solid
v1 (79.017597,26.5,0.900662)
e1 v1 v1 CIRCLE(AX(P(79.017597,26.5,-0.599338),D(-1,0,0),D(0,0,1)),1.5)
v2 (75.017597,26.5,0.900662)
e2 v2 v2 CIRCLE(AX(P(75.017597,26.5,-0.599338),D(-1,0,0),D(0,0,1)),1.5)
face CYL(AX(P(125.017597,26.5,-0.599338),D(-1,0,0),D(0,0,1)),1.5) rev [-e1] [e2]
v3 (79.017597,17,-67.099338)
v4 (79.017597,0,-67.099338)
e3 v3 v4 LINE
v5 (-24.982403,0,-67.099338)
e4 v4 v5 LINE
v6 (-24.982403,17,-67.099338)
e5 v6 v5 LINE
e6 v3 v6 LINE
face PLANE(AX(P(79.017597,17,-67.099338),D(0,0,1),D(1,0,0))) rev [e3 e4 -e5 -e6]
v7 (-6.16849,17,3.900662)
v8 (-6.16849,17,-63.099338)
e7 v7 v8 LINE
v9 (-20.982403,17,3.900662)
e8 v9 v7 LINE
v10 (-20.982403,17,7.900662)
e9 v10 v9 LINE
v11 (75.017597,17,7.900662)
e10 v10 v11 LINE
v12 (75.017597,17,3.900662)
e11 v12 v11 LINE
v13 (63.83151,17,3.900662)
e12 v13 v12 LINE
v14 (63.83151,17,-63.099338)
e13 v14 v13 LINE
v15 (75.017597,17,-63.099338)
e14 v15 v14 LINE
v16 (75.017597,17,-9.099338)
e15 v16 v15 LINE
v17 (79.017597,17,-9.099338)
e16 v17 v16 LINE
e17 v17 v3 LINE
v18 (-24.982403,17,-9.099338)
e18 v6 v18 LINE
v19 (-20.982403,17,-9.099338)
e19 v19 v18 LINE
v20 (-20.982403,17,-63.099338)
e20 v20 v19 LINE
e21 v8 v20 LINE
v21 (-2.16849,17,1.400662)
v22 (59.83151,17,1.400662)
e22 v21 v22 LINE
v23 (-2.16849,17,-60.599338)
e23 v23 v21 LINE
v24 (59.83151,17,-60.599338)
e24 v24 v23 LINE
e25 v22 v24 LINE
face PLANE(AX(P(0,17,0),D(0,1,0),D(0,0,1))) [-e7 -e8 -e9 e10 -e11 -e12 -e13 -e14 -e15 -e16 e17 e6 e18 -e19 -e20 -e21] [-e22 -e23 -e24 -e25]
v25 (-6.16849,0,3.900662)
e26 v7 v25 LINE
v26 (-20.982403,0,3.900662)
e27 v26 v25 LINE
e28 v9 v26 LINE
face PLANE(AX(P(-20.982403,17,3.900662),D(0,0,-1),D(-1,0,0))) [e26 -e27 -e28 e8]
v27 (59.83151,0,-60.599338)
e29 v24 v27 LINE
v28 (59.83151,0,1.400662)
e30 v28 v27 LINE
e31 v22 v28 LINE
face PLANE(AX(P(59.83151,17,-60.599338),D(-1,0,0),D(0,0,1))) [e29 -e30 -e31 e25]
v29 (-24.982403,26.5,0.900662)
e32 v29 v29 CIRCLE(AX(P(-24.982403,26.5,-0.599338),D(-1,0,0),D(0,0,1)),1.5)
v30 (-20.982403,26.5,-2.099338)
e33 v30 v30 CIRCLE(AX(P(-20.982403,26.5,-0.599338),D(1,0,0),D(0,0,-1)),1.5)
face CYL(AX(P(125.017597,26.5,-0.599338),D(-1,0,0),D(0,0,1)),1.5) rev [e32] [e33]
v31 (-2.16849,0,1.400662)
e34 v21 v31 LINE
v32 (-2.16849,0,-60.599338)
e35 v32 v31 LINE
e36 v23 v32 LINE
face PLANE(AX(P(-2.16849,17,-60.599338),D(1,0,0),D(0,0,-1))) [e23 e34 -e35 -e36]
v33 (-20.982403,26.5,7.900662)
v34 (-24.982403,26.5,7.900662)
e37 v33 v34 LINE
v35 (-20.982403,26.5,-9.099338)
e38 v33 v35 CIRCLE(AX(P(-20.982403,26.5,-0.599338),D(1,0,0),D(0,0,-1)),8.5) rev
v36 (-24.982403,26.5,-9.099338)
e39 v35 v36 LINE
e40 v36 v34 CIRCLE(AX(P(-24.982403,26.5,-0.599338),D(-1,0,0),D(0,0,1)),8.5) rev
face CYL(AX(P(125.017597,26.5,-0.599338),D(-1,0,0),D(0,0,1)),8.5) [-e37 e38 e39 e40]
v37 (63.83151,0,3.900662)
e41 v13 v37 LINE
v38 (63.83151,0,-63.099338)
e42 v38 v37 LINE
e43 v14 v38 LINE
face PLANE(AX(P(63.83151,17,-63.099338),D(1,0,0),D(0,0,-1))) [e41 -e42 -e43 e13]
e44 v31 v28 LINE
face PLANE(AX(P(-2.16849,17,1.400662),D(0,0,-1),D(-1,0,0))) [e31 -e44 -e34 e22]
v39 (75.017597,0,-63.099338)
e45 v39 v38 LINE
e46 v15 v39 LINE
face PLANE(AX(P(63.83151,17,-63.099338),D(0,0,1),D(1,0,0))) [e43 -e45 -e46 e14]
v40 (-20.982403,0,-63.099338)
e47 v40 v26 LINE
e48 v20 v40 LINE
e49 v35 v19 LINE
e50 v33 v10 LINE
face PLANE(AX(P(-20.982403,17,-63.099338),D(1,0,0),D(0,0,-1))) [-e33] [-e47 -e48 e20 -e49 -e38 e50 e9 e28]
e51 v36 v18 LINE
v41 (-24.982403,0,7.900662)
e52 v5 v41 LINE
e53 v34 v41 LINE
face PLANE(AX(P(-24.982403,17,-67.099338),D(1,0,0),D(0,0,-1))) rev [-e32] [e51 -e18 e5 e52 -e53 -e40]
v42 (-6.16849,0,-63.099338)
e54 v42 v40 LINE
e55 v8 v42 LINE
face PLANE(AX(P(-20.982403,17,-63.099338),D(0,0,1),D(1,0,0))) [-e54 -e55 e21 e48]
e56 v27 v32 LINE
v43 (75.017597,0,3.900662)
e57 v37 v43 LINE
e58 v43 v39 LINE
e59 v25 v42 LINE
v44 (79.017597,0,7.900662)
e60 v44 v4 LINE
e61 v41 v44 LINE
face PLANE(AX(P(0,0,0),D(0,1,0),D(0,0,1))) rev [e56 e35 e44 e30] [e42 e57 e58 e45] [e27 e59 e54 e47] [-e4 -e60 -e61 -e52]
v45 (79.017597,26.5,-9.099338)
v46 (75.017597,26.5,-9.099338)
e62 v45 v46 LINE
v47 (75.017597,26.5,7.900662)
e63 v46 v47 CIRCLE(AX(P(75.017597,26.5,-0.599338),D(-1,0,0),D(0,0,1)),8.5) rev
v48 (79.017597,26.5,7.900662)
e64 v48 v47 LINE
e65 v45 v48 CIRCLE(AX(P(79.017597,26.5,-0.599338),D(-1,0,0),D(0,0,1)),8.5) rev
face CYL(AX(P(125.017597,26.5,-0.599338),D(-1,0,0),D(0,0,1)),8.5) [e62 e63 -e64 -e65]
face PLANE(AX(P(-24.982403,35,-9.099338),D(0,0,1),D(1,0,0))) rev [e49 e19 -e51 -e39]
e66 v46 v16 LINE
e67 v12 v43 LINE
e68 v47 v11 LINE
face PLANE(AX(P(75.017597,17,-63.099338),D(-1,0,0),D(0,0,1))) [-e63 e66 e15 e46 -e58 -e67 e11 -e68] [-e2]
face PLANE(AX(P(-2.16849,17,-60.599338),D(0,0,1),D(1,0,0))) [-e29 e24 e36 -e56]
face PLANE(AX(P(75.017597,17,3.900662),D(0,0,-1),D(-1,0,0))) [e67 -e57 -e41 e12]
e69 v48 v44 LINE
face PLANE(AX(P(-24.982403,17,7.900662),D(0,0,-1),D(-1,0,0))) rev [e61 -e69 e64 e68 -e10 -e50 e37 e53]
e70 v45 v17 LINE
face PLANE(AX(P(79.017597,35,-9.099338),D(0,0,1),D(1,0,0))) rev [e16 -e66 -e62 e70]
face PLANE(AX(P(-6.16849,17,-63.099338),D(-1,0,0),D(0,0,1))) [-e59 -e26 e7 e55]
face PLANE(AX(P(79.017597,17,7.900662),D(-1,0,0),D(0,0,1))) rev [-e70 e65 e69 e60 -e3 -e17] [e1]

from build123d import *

# Parameters (mm, degrees)
SKETCH_1_W          = 104
SKETCH_1_H          = 75
SKETCH_1_W_2        = 14.813912832
SKETCH_1_H_2        = 67
SKETCH_1_W_3        = 62
SKETCH_1_H_3        = 62
SKETCH_1_W_4        = 11.186087168
EXTRUDE_3_DEPTH     = 17
SKETCH_3_W          = 4
SKETCH_3_H          = 17
EXTRUDE_4_DEPTH     = 18
SKETCH_4_R          = 1.5
CUT_EXTRUDE_2_DEPTH = 150


with BuildPart() as part:
    # 草图1 → 凸台-拉伸3 (new body)
    with BuildSketch(Plane(origin=(0, 0, 0), x_dir=(1, 0, 0), z_dir=(0, 1, 0))):
        with Locations((27.017596878, 29.599337879)):
            Rectangle(SKETCH_1_W, SKETCH_1_H)
        with Locations((-13.575446706, 29.599337879)):
            Rectangle(SKETCH_1_W_2, SKETCH_1_H_2, mode=Mode.SUBTRACT)
        with Locations((28.83150971, 29.599337879)):
            Rectangle(SKETCH_1_W_3, SKETCH_1_H_3, mode=Mode.SUBTRACT)
        with Locations((69.424553294, 29.599337879)):
            Rectangle(SKETCH_1_W_4, SKETCH_1_H_2, mode=Mode.SUBTRACT)
    extrude(amount=EXTRUDE_3_DEPTH)

    # 草图3 → 凸台-拉伸4 (add)
    with BuildSketch(Plane(origin=(0, 17, 0), x_dir=(1, 0, 0), z_dir=(0, 1, 0))):
        with Locations((-22.982403122, 0.599337879)):
            Rectangle(SKETCH_3_W, SKETCH_3_H)
        with Locations((77.017596878, 0.599337879)):
            Rectangle(SKETCH_3_W, SKETCH_3_H)
    extrude(amount=EXTRUDE_4_DEPTH)

    # 草图4 → 切除-拉伸2 (cut)
    with BuildSketch(Plane.ZY.offset(24.982403122)):
        with BuildLine():
            Line((-9.099337879, 35), (-9.099337879, 26.5))
            ThreePointArc((-9.099337879, 26.5), (-6.609745519, 32.51040764), (-0.599337879, 35))
            Line((-0.599337879, 35), (-9.099337879, 35))
        make_face()
        with BuildLine():
            Line((7.900662121, 35), (-0.599337879, 35))
            ThreePointArc((-0.599337879, 35), (5.411069761, 32.51040764), (7.900662121, 26.5))
            Line((7.900662121, 26.5), (7.900662121, 35))
        make_face()
        with Locations((-0.599337879, 26.5)):
            Circle(SKETCH_4_R)
    extrude(amount=-CUT_EXTRUDE_2_DEPTH, mode=Mode.SUBTRACT)


solid = part.part
